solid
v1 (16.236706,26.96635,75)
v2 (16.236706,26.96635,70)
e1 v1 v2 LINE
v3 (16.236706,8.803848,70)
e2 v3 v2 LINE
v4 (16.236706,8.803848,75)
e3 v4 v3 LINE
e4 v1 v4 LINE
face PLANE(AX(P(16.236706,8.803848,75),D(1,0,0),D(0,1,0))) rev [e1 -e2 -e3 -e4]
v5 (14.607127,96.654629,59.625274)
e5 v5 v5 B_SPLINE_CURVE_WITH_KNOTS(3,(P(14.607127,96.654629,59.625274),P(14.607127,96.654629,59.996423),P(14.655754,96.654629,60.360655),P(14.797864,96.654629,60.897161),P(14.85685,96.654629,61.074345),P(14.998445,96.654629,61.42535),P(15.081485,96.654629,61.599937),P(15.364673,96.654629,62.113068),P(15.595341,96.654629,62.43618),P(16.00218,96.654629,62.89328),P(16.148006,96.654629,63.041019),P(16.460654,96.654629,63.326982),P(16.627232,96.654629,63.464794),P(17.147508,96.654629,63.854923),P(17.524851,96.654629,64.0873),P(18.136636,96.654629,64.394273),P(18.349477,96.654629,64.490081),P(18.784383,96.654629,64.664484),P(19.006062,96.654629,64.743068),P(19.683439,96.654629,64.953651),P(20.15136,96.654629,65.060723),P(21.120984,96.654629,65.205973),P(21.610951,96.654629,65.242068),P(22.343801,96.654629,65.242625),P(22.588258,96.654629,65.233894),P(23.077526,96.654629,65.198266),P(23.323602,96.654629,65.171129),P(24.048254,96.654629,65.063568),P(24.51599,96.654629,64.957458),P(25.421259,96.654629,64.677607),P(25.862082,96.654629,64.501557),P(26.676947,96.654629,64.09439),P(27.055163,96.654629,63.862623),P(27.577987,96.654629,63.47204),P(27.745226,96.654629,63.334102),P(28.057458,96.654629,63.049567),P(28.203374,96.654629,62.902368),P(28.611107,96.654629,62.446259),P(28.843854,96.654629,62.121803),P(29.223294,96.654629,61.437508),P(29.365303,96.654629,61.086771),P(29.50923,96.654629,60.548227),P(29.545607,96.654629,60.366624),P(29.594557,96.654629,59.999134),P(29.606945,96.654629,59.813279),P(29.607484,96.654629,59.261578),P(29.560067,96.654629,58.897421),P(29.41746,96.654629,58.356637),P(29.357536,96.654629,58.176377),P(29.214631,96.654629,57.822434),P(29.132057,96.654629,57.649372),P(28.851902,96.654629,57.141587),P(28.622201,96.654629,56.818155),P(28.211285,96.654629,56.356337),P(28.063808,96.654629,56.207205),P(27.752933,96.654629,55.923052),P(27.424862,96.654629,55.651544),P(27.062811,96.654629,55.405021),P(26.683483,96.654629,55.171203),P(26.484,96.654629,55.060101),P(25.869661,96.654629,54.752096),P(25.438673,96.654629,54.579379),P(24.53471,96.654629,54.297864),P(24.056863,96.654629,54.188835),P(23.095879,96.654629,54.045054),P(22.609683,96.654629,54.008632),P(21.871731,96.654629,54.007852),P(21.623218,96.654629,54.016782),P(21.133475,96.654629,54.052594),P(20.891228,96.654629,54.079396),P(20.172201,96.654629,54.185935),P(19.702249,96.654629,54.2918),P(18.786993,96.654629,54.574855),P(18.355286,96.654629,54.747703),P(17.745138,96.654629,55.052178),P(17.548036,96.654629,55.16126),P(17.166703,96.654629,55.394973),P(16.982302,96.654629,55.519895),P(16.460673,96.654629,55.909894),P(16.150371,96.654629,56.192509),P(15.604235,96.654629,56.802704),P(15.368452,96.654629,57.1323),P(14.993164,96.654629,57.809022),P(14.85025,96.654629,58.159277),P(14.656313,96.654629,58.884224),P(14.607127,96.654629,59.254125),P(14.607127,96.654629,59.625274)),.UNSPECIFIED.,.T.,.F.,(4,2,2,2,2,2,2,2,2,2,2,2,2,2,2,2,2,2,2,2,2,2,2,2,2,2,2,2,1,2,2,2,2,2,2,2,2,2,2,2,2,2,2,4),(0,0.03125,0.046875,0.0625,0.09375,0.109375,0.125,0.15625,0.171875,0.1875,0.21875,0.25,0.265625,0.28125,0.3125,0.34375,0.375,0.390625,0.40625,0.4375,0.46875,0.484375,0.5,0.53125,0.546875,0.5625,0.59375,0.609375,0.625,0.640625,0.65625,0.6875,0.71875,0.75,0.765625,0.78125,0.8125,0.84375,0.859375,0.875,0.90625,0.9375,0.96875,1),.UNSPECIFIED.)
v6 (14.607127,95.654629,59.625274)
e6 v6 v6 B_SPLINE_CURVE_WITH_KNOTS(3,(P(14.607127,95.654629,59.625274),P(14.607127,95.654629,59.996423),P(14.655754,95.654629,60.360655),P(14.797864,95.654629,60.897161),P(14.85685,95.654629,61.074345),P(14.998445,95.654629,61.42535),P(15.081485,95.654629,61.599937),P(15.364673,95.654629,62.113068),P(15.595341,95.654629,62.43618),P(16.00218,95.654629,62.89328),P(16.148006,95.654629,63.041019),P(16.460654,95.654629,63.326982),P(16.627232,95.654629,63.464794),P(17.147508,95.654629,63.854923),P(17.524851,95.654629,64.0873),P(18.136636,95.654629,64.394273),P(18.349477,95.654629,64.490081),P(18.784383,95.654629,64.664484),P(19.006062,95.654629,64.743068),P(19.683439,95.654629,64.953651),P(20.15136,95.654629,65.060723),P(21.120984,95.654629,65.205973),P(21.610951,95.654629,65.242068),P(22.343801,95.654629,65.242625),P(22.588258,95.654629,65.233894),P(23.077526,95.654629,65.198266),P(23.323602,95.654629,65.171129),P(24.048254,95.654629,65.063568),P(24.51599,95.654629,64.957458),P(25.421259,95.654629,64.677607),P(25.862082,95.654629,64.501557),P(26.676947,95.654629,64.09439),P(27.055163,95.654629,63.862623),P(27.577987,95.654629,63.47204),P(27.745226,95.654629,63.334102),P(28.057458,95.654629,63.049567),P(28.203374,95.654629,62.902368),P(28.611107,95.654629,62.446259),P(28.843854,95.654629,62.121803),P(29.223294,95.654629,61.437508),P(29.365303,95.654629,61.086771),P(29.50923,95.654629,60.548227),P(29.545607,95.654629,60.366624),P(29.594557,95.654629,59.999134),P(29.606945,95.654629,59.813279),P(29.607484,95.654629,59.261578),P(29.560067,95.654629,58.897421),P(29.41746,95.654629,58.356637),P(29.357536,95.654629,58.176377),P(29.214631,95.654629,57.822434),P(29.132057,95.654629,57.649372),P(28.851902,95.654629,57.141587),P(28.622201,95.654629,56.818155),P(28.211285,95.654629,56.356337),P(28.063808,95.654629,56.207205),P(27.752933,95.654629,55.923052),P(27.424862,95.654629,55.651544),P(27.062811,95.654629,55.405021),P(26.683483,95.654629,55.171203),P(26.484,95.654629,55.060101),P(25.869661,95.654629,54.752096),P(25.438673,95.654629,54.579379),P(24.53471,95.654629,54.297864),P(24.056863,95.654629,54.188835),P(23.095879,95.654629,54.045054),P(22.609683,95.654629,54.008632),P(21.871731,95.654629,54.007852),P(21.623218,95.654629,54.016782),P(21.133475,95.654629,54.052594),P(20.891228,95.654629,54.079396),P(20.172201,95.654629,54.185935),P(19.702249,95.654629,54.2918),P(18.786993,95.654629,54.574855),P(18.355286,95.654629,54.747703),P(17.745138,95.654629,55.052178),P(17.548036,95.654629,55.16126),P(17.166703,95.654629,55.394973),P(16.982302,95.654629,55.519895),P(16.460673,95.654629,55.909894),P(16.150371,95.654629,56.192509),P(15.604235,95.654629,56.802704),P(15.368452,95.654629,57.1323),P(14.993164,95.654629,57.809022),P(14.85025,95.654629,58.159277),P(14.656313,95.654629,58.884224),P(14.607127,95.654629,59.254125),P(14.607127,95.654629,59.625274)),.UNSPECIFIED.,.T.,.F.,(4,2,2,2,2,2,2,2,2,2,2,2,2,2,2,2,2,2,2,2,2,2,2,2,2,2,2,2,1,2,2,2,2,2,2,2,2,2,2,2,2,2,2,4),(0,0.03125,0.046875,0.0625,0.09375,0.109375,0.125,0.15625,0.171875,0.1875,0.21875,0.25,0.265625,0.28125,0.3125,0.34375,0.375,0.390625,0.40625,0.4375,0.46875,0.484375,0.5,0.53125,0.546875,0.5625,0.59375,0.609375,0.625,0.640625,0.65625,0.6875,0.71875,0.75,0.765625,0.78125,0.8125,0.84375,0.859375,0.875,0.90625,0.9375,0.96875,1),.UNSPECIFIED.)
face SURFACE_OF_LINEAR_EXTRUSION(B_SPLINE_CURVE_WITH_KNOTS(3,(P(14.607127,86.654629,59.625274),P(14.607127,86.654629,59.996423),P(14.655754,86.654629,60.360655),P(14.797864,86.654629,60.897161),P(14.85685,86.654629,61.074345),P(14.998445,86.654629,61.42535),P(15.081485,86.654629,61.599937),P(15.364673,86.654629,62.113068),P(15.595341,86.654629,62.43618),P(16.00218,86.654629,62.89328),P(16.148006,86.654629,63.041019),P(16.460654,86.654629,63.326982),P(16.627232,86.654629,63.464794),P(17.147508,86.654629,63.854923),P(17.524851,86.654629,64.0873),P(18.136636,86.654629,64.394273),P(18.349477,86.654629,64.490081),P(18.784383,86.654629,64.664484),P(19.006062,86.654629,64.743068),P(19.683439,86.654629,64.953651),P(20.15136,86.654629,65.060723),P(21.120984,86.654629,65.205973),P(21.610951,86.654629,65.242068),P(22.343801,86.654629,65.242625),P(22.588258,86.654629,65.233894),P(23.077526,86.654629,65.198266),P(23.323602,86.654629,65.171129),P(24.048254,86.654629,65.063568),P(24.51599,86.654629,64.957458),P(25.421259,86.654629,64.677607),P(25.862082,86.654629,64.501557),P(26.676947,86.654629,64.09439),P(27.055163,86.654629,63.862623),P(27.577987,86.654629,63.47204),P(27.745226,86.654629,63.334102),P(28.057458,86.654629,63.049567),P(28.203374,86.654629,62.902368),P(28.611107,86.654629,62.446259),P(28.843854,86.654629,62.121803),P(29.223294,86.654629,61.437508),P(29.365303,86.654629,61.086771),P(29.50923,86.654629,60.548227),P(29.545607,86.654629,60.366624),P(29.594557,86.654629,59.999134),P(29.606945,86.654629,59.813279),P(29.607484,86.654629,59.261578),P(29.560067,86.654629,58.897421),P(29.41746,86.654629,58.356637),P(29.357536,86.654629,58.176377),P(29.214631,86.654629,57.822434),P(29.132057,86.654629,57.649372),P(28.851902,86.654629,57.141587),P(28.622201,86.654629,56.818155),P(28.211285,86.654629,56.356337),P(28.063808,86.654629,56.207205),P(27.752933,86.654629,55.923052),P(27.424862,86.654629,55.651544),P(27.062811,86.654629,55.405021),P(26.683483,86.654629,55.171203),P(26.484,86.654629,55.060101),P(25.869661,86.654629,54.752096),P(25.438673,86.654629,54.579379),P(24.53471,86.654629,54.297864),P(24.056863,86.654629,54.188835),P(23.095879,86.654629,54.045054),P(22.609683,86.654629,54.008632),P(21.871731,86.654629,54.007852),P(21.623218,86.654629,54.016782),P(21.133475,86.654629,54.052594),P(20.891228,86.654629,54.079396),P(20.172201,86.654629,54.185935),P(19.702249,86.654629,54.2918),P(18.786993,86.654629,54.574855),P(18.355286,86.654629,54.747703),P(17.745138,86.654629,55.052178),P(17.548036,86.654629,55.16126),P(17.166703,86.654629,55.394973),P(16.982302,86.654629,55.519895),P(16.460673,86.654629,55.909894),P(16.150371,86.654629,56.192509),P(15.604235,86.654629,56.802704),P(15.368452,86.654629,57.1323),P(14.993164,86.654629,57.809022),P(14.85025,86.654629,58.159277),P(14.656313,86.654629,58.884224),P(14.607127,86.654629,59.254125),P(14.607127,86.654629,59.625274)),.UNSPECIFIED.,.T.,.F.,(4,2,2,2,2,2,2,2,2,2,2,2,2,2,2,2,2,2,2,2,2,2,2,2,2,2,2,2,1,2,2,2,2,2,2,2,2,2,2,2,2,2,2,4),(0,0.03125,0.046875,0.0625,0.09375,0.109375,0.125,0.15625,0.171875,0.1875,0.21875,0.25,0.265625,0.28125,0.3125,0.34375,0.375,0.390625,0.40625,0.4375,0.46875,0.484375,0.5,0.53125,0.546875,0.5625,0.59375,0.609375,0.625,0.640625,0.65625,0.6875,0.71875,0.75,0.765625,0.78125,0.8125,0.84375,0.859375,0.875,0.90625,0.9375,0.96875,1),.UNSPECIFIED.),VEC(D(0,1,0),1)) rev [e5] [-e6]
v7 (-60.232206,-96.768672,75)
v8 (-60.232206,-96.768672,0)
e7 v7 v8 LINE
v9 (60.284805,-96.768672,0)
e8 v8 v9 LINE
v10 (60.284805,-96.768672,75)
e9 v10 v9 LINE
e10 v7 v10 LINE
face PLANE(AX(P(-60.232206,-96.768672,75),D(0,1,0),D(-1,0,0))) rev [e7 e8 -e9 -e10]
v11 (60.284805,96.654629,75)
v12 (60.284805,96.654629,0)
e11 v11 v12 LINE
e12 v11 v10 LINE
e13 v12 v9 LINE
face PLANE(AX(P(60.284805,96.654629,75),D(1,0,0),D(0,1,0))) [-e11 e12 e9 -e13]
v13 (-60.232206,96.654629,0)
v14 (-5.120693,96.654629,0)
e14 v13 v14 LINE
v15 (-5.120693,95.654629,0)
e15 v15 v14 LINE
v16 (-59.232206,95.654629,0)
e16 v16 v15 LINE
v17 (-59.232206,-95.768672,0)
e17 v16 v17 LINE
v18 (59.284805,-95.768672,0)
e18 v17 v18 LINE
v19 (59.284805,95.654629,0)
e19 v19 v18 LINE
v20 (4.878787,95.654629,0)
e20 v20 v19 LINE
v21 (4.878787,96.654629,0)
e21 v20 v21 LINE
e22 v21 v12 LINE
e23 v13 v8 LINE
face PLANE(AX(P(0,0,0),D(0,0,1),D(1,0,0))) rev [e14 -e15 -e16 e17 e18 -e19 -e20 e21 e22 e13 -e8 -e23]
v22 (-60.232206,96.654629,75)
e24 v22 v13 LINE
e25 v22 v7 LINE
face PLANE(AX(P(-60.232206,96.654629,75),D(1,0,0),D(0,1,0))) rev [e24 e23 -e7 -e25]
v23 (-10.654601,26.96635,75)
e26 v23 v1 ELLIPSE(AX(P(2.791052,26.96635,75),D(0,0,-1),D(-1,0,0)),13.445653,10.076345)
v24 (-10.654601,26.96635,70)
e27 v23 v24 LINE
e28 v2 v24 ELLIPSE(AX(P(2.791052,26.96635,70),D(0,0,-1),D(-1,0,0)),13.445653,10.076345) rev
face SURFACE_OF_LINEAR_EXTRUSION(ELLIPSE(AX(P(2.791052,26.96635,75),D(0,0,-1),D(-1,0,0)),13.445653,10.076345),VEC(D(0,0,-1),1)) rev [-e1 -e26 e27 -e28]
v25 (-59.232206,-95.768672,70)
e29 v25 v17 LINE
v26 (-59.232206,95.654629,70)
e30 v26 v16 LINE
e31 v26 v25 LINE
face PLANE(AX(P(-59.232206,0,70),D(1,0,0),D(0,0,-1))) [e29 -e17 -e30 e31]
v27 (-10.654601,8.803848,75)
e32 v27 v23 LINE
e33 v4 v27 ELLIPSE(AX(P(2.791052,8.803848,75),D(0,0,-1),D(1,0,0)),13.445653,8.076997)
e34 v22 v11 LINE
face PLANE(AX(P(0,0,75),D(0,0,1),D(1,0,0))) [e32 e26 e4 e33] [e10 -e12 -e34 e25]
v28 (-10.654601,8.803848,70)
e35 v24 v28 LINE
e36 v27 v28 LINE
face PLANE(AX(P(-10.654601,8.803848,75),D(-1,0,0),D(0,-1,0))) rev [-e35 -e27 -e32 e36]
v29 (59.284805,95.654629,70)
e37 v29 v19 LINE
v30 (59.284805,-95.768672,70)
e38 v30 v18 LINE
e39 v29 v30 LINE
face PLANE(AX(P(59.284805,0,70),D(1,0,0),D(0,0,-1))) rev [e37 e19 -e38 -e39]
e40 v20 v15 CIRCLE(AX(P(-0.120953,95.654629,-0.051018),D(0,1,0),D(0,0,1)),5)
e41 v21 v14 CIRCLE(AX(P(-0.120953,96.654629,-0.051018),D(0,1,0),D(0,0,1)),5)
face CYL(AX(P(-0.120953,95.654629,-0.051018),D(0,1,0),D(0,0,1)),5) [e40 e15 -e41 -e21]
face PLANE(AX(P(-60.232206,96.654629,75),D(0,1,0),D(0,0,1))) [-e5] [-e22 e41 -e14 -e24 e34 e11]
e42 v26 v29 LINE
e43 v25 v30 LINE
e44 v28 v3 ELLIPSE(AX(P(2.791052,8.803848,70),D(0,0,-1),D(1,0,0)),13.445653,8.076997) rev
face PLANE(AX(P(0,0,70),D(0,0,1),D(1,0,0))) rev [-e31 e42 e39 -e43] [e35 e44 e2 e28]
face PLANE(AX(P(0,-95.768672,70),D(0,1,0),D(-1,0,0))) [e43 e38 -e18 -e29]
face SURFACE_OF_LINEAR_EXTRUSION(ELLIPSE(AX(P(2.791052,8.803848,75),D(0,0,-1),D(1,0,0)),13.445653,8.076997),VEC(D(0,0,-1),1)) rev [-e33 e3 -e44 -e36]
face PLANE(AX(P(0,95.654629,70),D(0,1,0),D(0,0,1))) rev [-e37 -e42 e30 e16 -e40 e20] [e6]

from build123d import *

# Parameters (mm, degrees)
SKETCH1_W               = 120.517011816
SKETCH1_H               = 193.423301163
BOSS_EXTRUDE1_DEPTH     = 75
SKETCH1_3_W             = 118.517011816
SKETCH1_3_H             = 191.423301163
CUT_EXTRUDE1_DEPTH      = 70
BOSS_EXTRUDE2_DEPTH     = 1
CUT_EXTRUDE4_DEPTH      = 137.495747048
CUT_EXTRUDE4_DEPTH_BACK = 137.495747048
CUT_EXTRUDE6_DEPTH      = 10


with BuildPart() as part:
    # Sketch1 → Boss-Extrude1 (new body)
    with BuildSketch(Plane.XY):
        with Locations((0.026299542, -0.057021664)):
            Rectangle(SKETCH1_W, SKETCH1_H)
    extrude(amount=BOSS_EXTRUDE1_DEPTH)

    # Sketch1<3> → Cut-Extrude1 (cut)
    with BuildSketch(Plane.XY):
        with Locations((0.026299542, -0.057021664)):
            Rectangle(SKETCH1_3_W, SKETCH1_3_H)
    extrude(amount=CUT_EXTRUDE1_DEPTH, mode=Mode.SUBTRACT)

    # Sketch2 → Boss-Extrude2 (add)
    with BuildSketch(Plane(origin=(0, 96.654628917, 0), x_dir=(1, 0, 0), z_dir=(0, 1, 0))):
        with BuildLine():
            Line((-5.120692539, 0), (4.878786885, 0))
            ThreePointArc((4.878786885, 0), (-0.120952827, 5.051017752), (-5.120692539, 0))
        make_face()
    extrude(amount=-BOSS_EXTRUDE2_DEPTH)

    # Sketch4<2> → Cut-Extrude4 (cut, two sides: drawn at the far end of the back side and taken through both)
    with BuildSketch(Plane(origin=(0, 0, 70), x_dir=(-1, 0, 0), z_dir=(0, 0, -1)).offset(-CUT_EXTRUDE4_DEPTH_BACK)):
        with BuildLine():
            Line((-16.236705508, 8.803847843), (-16.236705508, 26.966349614))
            add(Edge.make_bspline(
                [(10.654600955, 26.966349614), (10.654600955, 37.042694246), (-2.791052277, 37.042694246), (-16.236705508, 37.042694246), (-16.236705508, 26.966349614)],
                knots=[3.141592654, 3.141592654, 3.141592654, 4.71238898, 4.71238898, 6.283185307, 6.283185307, 6.283185307], degree=2, weights=[1, 0.707106781, 1, 0.707106781, 1]))
            Line((10.654600955, 26.966349614), (10.654600955, 8.803847843))
            add(Edge.make_bspline(
                [(-16.236705508, 8.803847843), (-16.236705508, 0.726850718), (-2.791052277, 0.726850718), (10.654600955, 0.726850718), (10.654600955, 8.803847843)],
                knots=[0, 0, 0, 1.570796327, 1.570796327, 3.141592654, 3.141592654, 3.141592654], degree=2, weights=[1, 0.707106781, 1, 0.707106781, 1]))
        make_face()
    extrude(amount=CUT_EXTRUDE4_DEPTH + CUT_EXTRUDE4_DEPTH_BACK, mode=Mode.SUBTRACT)

    # Sketch6 → Cut-Extrude6 (cut, symmetric)
    with BuildSketch(Plane(origin=(0, 96.654628917, 0), x_dir=(1, 0, 0), z_dir=(0, 1, 0))):
        with BuildLine():
            add(Edge.make_bspline(
                [(14.607126744, -59.625274066), (14.607126744, -59.996423236), (14.655753616, -60.360654617), (14.797863596, -60.897161426), (14.856849596, -61.074344505), (14.9984446, -61.42534999), (15.081484622, -61.59993657), (15.36467279, -62.113067792), (15.595340891, -62.436179632), (16.002179988, -62.893279801), (16.148006268, -63.041018505), (16.460654262, -63.326982062), (16.627232407, -63.464794132), (17.147507806, -63.854923379), (17.524850755, -64.087300386), (18.13663611, -64.394273167), (18.349476527, -64.490080589), (18.784383, -64.664483705), (19.006061662, -64.743067855), (19.683439186, -64.953650763), (20.15136039, -65.060723061), (21.120984475, -65.205972716), (21.610951465, -65.242067863), (22.343801341, -65.24262469), (22.588258242, -65.23389357), (23.07752571, -65.198266478), (23.323602223, -65.171129385), (24.04825359, -65.063568363), (24.515989992, -64.95745801), (25.42125883, -64.677606952), (25.862082399, -64.501556566), (26.676946551, -64.094389908), (27.055163448, -63.862622522), (27.577987155, -63.47204045), (27.745226091, -63.334101772), (28.057458003, -63.04956749), (28.20337387, -62.902368403), (28.611107489, -62.446258784), (28.843853735, -62.121803074), (29.223293972, -61.437507678), (29.365303175, -61.086770508), (29.50923045, -60.548226995), (29.545607426, -60.366624344), (29.594557113, -59.999133521), (29.606945323, -59.813278674), (29.607483579, -59.261578321), (29.560066597, -58.897421315), (29.417460244, -58.356636708), (29.357535803, -58.176377178), (29.214631397, -57.822433786), (29.132057014, -57.649371871), (28.851902237, -57.14158682), (28.62220127, -56.818155033), (28.211284873, -56.35633663), (28.063808332, -56.207204664), (27.752933385, -55.923051914), (27.424862325, -55.651543664), (27.062811294, -55.405021279), (26.683482778, -55.171203227), (26.483999533, -55.060101063), (25.869660817, -54.752095839), (25.43867317, -54.579379415), (24.534710357, -54.297863736), (24.056862603, -54.188834821), (23.095878735, -54.045053542), (22.609683495, -54.008631963), (21.871731404, -54.007851656), (21.623217783, -54.016782482), (21.133474519, -54.052593794), (20.891228101, -54.079395605), (20.172200955, -54.185935333), (19.702248556, -54.291799913), (18.786992965, -54.574854931), (18.355286434, -54.747702842), (17.745137882, -55.052178339), (17.548036265, -55.161259722), (17.166702804, -55.394972905), (16.982301592, -55.51989473), (16.460673231, -55.909894482), (16.150371394, -56.192508636), (15.604234807, -56.802703679), (15.368452042, -57.132300307), (14.993164183, -57.809021831), (14.850249749, -58.159277139), (14.656312657, -58.884223774), (14.607126744, -59.254124896), (14.607126744, -59.625274066)],
                knots=[0, 0, 0, 0, 0.03125, 0.03125, 0.046875, 0.046875, 0.0625, 0.0625, 0.09375, 0.09375, 0.109375, 0.109375, 0.125, 0.125, 0.15625, 0.15625, 0.171875, 0.171875, 0.1875, 0.1875, 0.21875, 0.21875, 0.25, 0.25, 0.265625, 0.265625, 0.28125, 0.28125, 0.3125, 0.3125, 0.34375, 0.34375, 0.375, 0.375, 0.390625, 0.390625, 0.40625, 0.40625, 0.4375, 0.4375, 0.46875, 0.46875, 0.484375, 0.484375, 0.5, 0.5, 0.53125, 0.53125, 0.546875, 0.546875, 0.5625, 0.5625, 0.59375, 0.59375, 0.609375, 0.609375, 0.625, 0.640625, 0.640625, 0.65625, 0.65625, 0.6875, 0.6875, 0.71875, 0.71875, 0.75, 0.75, 0.765625, 0.765625, 0.78125, 0.78125, 0.8125, 0.8125, 0.84375, 0.84375, 0.859375, 0.859375, 0.875, 0.875, 0.90625, 0.90625, 0.9375, 0.9375, 0.96875, 0.96875, 1, 1, 1, 1], degree=3))
        make_face()
    extrude(amount=CUT_EXTRUDE6_DEPTH, both=True, mode=Mode.SUBTRACT)


solid = part.part
